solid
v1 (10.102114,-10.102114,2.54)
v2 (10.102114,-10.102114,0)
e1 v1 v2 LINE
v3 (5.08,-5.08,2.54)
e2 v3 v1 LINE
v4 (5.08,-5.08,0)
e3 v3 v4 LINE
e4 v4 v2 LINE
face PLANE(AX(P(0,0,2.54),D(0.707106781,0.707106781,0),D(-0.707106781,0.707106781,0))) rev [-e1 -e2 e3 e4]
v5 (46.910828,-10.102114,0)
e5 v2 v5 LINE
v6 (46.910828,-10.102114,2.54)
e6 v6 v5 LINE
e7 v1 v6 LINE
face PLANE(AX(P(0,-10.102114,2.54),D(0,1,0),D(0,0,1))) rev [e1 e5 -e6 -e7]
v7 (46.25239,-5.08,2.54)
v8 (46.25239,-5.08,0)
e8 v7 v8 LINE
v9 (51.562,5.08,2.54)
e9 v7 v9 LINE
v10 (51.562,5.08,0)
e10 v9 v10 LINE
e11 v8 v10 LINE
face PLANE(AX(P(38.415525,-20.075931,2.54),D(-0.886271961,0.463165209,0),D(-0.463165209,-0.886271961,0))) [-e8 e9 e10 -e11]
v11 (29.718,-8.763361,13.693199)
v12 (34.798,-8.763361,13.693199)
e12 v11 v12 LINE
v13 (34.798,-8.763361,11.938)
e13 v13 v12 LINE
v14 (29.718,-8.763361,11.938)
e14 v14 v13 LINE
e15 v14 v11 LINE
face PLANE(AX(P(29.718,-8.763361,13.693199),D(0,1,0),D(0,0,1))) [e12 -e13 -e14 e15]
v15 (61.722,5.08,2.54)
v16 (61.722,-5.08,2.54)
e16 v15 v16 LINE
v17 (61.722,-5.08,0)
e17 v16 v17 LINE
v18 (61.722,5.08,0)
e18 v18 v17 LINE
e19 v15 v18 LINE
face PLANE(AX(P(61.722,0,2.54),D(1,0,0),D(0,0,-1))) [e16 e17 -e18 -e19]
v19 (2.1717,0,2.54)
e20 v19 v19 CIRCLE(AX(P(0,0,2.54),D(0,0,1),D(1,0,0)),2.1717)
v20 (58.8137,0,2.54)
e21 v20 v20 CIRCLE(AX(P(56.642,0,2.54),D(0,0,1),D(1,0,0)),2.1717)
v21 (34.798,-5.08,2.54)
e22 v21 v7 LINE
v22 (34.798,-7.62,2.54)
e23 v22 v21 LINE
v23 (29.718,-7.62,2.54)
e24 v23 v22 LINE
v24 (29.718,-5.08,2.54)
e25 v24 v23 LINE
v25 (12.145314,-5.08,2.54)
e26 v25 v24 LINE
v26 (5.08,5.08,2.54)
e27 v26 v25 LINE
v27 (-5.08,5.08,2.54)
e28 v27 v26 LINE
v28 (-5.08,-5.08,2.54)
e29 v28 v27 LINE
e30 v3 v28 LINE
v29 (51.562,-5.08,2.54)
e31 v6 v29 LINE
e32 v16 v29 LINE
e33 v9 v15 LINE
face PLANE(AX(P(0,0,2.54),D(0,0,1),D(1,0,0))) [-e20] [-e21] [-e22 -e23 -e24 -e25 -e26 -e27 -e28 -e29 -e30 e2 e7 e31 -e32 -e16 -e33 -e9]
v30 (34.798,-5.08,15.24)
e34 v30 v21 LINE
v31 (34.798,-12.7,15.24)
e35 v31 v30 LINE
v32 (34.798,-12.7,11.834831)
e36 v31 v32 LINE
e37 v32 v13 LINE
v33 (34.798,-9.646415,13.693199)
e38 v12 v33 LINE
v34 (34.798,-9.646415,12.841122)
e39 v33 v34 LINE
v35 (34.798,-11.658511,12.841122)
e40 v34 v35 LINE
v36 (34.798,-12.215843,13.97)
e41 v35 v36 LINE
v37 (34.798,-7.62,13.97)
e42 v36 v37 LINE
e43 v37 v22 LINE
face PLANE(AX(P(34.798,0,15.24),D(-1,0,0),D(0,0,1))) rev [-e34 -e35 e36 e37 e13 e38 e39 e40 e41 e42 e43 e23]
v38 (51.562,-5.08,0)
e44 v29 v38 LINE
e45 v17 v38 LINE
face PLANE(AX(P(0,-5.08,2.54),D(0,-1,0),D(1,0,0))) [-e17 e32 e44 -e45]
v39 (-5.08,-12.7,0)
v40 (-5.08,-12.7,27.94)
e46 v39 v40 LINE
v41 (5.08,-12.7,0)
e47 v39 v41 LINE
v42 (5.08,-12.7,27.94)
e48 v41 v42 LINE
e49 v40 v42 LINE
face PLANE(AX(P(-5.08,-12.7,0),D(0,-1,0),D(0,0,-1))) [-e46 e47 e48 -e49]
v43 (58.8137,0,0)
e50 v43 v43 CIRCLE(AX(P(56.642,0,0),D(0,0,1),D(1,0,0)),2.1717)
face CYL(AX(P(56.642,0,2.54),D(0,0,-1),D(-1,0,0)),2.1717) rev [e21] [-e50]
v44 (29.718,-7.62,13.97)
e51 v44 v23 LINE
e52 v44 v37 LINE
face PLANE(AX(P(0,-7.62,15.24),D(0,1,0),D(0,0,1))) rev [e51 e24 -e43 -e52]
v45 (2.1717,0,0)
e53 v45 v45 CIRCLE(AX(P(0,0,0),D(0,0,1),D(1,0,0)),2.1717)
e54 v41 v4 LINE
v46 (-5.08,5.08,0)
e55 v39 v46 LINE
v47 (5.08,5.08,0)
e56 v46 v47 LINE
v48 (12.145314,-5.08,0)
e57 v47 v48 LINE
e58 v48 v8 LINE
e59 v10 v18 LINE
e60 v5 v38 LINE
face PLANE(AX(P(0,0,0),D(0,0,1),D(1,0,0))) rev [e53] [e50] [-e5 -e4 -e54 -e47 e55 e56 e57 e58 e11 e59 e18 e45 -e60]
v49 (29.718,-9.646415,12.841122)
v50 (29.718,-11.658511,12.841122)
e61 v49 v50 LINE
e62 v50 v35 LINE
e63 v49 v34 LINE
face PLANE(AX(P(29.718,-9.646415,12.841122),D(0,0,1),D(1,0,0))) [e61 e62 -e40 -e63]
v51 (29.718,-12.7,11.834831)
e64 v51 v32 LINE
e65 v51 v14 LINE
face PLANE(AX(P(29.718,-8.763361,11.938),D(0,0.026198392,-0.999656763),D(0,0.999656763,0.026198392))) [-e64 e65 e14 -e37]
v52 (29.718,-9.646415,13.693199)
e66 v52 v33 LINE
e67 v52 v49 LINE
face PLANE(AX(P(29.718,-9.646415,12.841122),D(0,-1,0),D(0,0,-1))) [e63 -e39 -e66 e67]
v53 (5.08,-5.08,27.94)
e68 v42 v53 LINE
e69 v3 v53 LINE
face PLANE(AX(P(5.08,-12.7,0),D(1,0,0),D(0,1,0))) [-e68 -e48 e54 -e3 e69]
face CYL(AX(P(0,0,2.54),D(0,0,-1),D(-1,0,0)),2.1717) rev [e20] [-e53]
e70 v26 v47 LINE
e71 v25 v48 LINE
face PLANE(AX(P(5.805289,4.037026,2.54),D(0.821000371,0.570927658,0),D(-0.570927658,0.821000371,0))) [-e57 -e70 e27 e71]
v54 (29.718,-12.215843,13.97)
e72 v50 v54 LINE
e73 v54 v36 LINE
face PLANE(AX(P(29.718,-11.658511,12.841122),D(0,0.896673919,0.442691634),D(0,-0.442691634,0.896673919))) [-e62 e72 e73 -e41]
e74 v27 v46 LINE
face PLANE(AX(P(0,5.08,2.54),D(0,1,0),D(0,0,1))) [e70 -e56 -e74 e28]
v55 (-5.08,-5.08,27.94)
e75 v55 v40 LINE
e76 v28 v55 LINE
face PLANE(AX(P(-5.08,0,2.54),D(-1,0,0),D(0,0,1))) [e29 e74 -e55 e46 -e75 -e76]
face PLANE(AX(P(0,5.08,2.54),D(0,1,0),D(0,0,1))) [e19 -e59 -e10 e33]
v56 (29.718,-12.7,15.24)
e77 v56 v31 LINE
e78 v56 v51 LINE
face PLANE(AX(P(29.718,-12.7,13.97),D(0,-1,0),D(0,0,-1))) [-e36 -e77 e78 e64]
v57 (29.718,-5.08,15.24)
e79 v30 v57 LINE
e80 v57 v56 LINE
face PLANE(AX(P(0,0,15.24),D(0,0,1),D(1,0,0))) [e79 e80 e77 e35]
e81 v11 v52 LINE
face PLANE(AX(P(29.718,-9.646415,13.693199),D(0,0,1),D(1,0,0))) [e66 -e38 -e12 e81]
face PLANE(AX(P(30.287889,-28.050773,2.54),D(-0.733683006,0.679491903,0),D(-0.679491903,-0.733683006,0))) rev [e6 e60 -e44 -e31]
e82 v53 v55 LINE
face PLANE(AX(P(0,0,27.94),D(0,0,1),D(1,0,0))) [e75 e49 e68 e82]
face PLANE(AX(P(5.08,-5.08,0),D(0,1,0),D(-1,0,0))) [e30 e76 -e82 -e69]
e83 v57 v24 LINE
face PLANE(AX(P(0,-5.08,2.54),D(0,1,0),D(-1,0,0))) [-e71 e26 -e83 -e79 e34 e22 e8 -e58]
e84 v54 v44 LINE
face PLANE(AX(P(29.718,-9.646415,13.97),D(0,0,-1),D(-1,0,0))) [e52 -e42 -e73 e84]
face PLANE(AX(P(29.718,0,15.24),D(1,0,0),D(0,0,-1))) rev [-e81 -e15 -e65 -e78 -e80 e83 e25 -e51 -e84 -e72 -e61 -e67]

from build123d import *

# Parameters (mm, degrees)
SKETCH1_R                = 2.1717
BOSS_EXTRUDE2_DEPTH      = 2.54
BOSS_EXTRUDE3_DEPTH      = 25.4
BOSS_EXTRUDE3_DEPTH_BACK = 2.54
SKETCH2_W                = 10.16
SKETCH2_H                = 7.62
SKETCH3_W                = 5.08
SKETCH3_H                = 2.54
BOSS_EXTRUDE7_DEPTH      = 12.7
BOSS_EXTRUDE8_DEPTH      = 5.08


with BuildPart() as part:
    # Sketch1 → Boss-Extrude2 (new body)
    with BuildSketch(Plane.XY):
        Polygon((10.102114399, -10.102114399), (46.910827705, -10.102114399), (51.562, -5.08), (61.722, -5.08), (61.722, 5.08), (56.642, 5.08), (51.562, 5.08), (46.252389936, -5.08), (12.145313508, -5.08), (5.08, 5.08), (0, 5.08), (-5.08, 5.08), (-5.08, -5.08), (5.08, -5.08), align=None)
        with Locations((56.642, 0)):
            Circle(SKETCH1_R, mode=Mode.SUBTRACT)
        Circle(SKETCH1_R, mode=Mode.SUBTRACT)
    extrude(amount=BOSS_EXTRUDE2_DEPTH)

    # Sketch2 → Boss-Extrude3 (add, two sides: drawn at the far end of the back side and taken through both)
    with BuildSketch(Plane.XY.offset(2.54).offset(-BOSS_EXTRUDE3_DEPTH_BACK)):
        with Locations((0, -8.89)):
            Rectangle(SKETCH2_W, SKETCH2_H)
    extrude(amount=BOSS_EXTRUDE3_DEPTH + BOSS_EXTRUDE3_DEPTH_BACK)

    # Sketch3 → Boss-Extrude7 (add)
    with BuildSketch(Plane.XY.offset(2.54)):
        with Locations((32.258, -6.35)):
            Rectangle(SKETCH3_W, SKETCH3_H)
    extrude(amount=BOSS_EXTRUDE7_DEPTH)

    # Sketch5 → Boss-Extrude8 (add)
    with BuildSketch(Plane(origin=(34.798, 0, 0), x_dir=(0, 0, -1), z_dir=(1, 0, 0))):
        Polygon((-15.24, -7.62), (-15.24, -12.7), (-13.97, -12.7), (-11.834830977, -12.7), (-11.938, -8.763360945), (-13.693199114, -8.763360945), (-13.693199114, -9.646415213), (-12.841122396, -9.646415213), (-12.841122396, -11.658511366), (-13.97, -12.215842923), (-13.97, -9.646415213), (-13.97, -7.62), align=None)
    extrude(amount=-BOSS_EXTRUDE8_DEPTH)


solid = part.part
